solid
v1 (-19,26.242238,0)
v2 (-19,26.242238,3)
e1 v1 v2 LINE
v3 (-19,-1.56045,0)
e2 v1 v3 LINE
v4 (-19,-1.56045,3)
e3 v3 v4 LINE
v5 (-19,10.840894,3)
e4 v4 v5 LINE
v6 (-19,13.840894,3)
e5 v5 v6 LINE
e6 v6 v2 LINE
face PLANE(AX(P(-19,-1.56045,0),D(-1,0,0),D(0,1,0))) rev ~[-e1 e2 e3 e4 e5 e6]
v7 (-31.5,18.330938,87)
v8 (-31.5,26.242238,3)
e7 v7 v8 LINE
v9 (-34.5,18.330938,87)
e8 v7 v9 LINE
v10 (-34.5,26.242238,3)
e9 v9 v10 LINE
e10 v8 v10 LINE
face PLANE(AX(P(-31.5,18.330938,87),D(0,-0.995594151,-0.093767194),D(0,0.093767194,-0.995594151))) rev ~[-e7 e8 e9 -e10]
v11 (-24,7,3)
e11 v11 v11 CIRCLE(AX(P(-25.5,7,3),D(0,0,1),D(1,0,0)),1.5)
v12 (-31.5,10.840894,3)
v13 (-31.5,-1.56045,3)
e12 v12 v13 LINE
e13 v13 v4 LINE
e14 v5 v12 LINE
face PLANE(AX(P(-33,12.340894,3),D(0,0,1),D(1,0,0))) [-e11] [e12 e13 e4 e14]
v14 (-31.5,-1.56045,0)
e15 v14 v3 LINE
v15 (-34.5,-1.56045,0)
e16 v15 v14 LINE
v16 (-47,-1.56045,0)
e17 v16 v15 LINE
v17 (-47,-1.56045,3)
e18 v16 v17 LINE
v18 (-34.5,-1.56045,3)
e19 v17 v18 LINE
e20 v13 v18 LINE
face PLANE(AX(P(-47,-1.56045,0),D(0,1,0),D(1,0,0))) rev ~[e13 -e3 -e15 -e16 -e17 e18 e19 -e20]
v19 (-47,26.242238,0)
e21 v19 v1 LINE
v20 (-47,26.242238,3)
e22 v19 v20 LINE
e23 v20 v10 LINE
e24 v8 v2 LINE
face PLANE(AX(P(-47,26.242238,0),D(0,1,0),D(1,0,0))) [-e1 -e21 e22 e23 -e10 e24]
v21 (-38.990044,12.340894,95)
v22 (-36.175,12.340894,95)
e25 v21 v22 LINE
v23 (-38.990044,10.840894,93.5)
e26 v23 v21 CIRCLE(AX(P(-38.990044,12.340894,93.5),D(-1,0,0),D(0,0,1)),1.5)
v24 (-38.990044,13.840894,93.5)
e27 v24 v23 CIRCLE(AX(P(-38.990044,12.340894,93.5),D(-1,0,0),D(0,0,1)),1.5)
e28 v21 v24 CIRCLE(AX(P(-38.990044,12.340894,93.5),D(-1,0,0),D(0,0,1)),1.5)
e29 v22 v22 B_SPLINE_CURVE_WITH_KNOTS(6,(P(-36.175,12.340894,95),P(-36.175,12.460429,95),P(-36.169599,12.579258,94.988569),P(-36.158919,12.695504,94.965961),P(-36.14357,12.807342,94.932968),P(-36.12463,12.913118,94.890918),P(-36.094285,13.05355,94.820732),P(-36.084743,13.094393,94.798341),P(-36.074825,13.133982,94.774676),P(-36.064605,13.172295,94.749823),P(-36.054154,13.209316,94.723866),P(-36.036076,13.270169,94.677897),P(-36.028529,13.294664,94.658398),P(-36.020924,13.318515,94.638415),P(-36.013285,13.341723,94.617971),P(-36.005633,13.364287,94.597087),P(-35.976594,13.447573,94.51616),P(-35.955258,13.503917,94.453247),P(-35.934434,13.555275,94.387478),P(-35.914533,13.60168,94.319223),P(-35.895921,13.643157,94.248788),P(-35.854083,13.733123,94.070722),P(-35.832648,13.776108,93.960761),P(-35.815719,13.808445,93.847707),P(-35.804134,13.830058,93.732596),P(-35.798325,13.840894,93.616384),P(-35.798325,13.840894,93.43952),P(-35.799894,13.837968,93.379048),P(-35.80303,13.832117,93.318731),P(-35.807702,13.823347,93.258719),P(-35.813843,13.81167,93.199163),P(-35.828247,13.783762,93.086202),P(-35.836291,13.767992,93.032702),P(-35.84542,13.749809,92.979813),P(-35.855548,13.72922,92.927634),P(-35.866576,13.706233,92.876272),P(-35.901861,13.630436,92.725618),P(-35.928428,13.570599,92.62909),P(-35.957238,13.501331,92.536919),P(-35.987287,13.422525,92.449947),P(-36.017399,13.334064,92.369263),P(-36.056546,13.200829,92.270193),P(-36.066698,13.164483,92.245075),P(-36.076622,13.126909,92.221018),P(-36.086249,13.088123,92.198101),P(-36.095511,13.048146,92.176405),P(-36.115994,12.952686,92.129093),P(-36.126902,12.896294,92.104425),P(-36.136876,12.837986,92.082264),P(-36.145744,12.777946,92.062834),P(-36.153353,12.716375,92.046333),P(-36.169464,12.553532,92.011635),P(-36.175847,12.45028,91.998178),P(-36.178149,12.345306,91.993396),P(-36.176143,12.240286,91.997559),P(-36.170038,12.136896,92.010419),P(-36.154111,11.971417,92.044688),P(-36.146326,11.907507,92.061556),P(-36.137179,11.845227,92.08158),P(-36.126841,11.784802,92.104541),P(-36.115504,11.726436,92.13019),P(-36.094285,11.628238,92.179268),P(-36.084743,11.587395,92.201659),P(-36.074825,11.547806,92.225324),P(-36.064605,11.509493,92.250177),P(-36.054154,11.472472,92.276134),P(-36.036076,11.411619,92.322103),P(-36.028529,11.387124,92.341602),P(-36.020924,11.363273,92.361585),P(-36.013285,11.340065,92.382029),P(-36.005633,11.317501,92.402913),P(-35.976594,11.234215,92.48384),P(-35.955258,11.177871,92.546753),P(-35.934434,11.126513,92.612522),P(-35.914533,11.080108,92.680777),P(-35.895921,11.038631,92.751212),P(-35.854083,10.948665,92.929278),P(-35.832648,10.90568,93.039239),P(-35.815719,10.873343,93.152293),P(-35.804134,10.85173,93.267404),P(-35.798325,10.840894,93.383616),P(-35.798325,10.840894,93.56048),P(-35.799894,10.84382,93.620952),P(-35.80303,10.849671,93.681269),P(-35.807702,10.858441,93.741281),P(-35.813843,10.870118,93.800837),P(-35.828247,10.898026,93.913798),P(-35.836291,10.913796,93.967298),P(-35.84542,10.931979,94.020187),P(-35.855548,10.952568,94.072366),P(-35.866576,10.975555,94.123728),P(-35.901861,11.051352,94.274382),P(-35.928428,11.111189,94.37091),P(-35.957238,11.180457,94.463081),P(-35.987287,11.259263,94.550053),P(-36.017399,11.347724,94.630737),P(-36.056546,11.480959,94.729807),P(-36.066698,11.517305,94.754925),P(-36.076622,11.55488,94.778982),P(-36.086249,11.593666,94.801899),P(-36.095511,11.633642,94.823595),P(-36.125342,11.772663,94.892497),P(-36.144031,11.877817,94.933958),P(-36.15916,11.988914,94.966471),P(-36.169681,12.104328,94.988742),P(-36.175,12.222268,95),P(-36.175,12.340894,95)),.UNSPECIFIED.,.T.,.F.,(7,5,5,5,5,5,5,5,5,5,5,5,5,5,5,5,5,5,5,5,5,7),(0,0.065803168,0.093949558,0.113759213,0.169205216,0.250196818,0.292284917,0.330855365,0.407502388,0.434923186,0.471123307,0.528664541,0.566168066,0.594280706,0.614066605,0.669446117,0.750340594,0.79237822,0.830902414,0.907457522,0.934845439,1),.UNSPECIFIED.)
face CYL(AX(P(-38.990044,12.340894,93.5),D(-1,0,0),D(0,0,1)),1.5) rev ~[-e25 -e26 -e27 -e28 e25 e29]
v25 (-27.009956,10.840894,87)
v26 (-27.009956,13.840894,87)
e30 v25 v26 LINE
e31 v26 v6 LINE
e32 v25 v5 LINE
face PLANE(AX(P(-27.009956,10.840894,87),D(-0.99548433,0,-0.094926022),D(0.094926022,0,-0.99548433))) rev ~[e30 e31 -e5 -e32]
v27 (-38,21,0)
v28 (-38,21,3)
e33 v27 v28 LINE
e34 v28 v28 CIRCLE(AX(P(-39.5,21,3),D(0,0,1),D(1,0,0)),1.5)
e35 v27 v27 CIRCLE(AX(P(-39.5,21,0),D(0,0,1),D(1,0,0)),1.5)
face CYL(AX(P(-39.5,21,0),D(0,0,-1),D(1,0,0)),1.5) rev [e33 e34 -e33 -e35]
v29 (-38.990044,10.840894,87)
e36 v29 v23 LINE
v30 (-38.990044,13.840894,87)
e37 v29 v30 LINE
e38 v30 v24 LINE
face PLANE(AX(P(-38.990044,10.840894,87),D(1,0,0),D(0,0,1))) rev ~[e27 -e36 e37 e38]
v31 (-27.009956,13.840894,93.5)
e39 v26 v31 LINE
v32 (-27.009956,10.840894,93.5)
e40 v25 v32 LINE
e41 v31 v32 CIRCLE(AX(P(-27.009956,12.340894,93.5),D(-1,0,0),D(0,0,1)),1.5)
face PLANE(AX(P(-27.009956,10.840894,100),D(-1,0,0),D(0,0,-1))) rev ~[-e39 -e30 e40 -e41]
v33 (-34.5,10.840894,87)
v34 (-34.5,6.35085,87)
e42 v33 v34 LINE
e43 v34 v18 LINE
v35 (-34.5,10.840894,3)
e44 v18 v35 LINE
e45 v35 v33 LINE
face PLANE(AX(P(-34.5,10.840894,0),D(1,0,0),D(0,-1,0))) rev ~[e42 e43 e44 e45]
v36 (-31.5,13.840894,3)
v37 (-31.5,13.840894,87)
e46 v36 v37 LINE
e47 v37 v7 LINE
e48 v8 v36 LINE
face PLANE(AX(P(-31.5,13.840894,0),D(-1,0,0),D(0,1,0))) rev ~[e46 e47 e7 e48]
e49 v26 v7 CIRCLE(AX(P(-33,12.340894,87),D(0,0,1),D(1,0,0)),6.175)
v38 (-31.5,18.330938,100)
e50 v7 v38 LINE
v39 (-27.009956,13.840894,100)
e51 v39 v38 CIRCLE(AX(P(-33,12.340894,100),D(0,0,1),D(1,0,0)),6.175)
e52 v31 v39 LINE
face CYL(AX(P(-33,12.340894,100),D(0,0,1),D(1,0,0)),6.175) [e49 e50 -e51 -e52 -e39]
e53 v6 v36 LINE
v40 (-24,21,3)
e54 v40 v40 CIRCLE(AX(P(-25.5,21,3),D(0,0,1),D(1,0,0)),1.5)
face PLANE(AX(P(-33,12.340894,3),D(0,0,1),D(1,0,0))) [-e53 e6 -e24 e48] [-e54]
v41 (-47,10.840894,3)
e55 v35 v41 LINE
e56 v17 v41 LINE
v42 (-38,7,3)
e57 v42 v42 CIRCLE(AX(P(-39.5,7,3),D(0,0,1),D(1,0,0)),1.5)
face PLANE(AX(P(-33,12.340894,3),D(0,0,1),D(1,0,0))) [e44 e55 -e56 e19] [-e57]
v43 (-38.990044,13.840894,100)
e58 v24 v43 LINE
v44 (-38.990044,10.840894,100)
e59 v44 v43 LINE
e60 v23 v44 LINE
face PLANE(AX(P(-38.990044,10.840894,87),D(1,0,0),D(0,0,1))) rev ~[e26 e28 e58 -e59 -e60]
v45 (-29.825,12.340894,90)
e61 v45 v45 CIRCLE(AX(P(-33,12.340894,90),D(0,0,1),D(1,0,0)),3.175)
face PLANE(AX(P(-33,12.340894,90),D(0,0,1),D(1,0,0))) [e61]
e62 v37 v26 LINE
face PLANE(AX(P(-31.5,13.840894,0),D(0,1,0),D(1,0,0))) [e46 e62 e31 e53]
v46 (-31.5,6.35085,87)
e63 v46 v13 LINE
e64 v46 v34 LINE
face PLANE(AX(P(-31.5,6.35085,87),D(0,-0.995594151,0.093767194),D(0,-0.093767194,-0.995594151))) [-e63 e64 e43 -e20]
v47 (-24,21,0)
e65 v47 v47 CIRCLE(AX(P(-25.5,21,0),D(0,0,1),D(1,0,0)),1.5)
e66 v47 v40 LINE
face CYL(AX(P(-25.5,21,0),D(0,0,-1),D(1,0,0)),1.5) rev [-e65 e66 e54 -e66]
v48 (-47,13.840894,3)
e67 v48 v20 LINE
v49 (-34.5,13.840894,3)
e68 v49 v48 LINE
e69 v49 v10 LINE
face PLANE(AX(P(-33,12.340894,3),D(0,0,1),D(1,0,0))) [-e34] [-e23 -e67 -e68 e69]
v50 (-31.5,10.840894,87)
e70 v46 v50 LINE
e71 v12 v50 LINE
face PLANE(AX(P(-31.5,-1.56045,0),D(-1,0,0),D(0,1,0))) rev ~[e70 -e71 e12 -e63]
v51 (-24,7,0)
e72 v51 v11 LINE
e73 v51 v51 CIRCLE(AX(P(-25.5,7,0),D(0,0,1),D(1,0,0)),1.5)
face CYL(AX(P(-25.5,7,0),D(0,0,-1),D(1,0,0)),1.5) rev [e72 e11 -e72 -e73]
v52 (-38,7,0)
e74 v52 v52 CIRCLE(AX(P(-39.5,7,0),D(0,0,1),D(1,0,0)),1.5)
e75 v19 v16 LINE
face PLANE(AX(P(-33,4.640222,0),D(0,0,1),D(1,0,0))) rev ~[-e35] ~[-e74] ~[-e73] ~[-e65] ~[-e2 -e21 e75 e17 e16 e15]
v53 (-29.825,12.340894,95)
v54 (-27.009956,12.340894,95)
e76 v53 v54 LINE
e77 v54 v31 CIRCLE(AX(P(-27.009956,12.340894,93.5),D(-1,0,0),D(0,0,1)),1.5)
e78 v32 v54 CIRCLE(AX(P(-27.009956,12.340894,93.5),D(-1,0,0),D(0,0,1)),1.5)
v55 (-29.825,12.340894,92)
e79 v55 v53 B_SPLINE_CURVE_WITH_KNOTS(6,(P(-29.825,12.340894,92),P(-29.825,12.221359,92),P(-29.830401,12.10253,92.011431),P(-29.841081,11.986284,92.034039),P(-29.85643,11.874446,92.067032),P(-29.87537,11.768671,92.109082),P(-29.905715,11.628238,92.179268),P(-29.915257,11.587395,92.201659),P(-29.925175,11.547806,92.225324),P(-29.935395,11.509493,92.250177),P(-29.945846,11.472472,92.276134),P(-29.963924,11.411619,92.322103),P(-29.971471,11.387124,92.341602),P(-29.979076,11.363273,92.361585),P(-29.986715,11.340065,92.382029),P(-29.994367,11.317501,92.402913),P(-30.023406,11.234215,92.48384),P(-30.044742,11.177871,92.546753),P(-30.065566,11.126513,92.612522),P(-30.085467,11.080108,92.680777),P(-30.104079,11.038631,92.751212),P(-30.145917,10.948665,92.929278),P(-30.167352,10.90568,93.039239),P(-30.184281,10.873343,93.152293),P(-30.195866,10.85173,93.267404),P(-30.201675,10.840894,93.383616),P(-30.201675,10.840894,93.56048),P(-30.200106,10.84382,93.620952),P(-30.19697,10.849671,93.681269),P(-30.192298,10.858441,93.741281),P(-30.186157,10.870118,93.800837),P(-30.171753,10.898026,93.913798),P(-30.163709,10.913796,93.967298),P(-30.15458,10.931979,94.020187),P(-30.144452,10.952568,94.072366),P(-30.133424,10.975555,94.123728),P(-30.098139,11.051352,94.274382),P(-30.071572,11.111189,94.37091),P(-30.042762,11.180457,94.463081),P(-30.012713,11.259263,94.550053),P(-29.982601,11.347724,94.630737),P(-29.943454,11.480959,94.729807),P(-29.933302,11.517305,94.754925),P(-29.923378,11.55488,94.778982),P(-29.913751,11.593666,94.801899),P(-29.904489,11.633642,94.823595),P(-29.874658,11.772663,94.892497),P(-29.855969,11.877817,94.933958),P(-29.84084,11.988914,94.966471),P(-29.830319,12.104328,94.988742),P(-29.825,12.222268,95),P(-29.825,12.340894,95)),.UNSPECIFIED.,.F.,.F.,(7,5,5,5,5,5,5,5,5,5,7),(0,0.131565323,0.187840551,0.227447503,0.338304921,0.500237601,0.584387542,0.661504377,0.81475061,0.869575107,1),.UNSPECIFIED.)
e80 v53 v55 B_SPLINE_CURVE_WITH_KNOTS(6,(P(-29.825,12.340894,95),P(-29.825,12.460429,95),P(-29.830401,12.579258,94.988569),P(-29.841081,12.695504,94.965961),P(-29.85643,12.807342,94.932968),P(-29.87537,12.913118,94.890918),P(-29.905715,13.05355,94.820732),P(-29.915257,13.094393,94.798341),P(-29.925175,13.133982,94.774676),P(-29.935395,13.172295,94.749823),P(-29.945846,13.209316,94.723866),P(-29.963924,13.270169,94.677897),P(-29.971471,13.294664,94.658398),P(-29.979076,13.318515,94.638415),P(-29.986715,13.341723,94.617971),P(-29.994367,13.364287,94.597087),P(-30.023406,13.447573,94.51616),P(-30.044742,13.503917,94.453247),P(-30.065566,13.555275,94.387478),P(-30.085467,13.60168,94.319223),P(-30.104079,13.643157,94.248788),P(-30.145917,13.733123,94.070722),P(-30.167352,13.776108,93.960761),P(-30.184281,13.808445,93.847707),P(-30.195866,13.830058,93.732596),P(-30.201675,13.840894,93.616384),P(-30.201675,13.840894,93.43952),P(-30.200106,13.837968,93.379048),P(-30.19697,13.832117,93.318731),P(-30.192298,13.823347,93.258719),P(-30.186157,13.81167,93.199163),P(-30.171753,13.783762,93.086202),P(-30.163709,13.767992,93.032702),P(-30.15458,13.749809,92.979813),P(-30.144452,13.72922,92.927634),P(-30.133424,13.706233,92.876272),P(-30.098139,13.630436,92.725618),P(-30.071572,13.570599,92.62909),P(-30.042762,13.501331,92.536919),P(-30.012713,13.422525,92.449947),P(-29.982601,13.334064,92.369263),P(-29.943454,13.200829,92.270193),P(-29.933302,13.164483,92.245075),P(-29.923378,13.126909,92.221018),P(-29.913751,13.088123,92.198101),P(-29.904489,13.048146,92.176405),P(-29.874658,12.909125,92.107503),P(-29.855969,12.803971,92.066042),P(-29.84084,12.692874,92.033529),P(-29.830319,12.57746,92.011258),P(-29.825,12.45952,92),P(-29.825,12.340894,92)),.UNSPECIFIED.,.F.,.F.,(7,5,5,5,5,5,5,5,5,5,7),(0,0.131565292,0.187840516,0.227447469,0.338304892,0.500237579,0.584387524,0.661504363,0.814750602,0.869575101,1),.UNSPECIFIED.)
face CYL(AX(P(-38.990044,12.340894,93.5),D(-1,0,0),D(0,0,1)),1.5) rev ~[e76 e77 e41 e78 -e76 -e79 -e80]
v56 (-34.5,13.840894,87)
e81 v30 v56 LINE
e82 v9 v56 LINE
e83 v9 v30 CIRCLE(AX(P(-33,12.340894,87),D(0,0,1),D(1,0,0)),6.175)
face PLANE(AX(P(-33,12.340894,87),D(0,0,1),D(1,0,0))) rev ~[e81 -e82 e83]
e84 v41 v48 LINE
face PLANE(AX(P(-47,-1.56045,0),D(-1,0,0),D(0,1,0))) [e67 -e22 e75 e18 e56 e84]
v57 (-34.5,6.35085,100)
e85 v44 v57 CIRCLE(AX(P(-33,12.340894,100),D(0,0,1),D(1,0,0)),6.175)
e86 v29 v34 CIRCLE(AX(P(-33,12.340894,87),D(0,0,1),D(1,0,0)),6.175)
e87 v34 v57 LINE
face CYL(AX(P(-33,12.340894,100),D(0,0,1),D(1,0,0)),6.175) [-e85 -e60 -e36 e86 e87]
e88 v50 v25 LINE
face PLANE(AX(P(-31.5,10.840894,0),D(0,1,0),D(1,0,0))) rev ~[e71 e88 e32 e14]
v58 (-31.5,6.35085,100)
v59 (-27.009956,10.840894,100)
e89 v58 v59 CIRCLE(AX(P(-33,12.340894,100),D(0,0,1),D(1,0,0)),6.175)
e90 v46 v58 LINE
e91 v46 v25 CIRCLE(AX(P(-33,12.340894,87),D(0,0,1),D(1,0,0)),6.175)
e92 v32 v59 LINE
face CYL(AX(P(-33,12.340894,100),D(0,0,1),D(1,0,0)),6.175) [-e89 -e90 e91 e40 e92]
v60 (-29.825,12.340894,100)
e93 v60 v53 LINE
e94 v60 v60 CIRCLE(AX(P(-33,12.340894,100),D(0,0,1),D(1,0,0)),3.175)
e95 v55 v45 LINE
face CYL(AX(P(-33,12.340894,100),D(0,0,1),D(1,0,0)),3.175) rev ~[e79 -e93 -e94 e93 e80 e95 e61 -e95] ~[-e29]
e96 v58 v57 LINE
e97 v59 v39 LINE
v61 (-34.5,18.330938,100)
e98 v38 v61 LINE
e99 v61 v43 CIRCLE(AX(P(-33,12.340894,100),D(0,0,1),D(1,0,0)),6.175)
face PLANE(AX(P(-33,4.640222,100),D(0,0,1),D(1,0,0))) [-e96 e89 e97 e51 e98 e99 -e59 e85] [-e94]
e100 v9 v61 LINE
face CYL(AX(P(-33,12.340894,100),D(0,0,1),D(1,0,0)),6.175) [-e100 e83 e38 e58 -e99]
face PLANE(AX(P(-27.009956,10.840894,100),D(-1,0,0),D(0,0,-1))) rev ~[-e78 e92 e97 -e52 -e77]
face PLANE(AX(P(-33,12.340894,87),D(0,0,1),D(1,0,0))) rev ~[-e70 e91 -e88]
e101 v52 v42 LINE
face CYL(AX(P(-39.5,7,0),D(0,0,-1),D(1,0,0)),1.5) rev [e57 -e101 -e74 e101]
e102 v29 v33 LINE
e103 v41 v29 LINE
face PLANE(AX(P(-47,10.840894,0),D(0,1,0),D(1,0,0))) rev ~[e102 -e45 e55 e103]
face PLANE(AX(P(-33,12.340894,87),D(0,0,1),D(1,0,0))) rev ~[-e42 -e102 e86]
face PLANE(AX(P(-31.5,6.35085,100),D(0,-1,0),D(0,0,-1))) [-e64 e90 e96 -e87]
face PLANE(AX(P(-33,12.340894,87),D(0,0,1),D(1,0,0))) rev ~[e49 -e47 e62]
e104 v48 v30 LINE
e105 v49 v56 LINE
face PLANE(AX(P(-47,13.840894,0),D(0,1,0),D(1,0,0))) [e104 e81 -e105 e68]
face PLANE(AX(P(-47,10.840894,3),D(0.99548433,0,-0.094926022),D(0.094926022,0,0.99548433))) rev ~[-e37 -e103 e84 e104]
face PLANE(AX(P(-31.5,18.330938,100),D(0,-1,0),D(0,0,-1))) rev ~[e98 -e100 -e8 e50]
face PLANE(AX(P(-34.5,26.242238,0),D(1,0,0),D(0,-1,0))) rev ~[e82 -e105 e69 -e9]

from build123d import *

# Parameters (mm, degrees)
CROQUIS1_W              = 28
CROQUIS1_H              = 27.802688173
CROQUIS1_R              = 1.5
SALIENTE_EXTRUIR1_DEPTH = 3
CROQUIS2_W              = 3
CROQUIS2_H              = 12.401344086
CROQUIS2_H_2            = 3
CROQUIS2_H_3            = 12.401344087
CROQUIS2_W_2            = 12.5
SALIENTE_EXTRUIR2_DEPTH = 100
CROQUIS3_R              = 6.175
SALIENTE_EXTRUIR3_DEPTH = 13
CORTAR_EXTRUIR6_START   = 100
CROQUIS4_R              = 3.175
CORTAR_EXTRUIR6_DEPTH   = 10
CORTAR_EXTRUIR7_START   = 10.840894
CORTAR_EXTRUIR7_DEPTH   = 3
CORTAR_EXTRUIR8_START   = -31.5
CORTAR_EXTRUIR8_DEPTH   = 3
CROQUIS14_R             = 1.5
CORTAR_EXTRUIR9_DEPTH   = 12


with BuildPart() as part:
    # Croquis1 → Saliente-Extruir1 (new body)
    with BuildSketch(Plane.XY):
        with Locations((-33, 12.340894038)):
            Rectangle(CROQUIS1_W, CROQUIS1_H)
        with Locations((-39.5, 7)):
            Circle(CROQUIS1_R, mode=Mode.SUBTRACT)
        with Locations((-39.5, 21)):
            Circle(CROQUIS1_R, mode=Mode.SUBTRACT)
        with Locations((-25.5, 21)):
            Circle(CROQUIS1_R, mode=Mode.SUBTRACT)
        with Locations((-25.5, 7)):
            Circle(CROQUIS1_R, mode=Mode.SUBTRACT)
    extrude(amount=SALIENTE_EXTRUIR1_DEPTH)

    # Croquis2 → Saliente-Extruir2 (add)
    with BuildSketch(Plane.XY):
        with Locations((-33, 4.640221994)):
            Rectangle(CROQUIS2_W, CROQUIS2_H)
        with Locations((-33, 12.340894037)):
            Rectangle(CROQUIS2_W, CROQUIS2_H_2)
        with Locations((-33, 20.041566081)):
            Rectangle(CROQUIS2_W, CROQUIS2_H_3)
        with Locations((-25.25, 12.340894037)):
            Rectangle(CROQUIS2_W_2, CROQUIS2_H_2)
        with Locations((-40.75, 12.340894037)):
            Rectangle(CROQUIS2_W_2, CROQUIS2_H_2)
    extrude(amount=SALIENTE_EXTRUIR2_DEPTH)

    # Croquis3 → Saliente-Extruir3 (add)
    with BuildSketch(Plane.XY.offset(100)):
        with Locations((-33, 12.340894037)):
            Circle(CROQUIS3_R)
    extrude(amount=-SALIENTE_EXTRUIR3_DEPTH)

    # Croquis4 → Cortar-Extruir6 (cut)
    with BuildSketch(Plane.XY.offset(CORTAR_EXTRUIR6_START)):
        with Locations((-33, 12.340894037)):
            Circle(CROQUIS4_R)
    extrude(amount=-CORTAR_EXTRUIR6_DEPTH, mode=Mode.SUBTRACT)

    # Croquis12 → Cortar-Extruir7 (cut)
    with BuildSketch(Plane(origin=(0, 0, 0), x_dir=(1, 0, 0), z_dir=(0, 1, 0)).offset(CORTAR_EXTRUIR7_START)):
        Polygon((-47, -3), (-38.990043823, -87), (-38.990043823, -100), (-47, -100), align=None)
        Polygon((-19, -3), (-19, -100), (-27.009956177, -100), (-27.009956177, -87), align=None)
    extrude(amount=CORTAR_EXTRUIR7_DEPTH, mode=Mode.SUBTRACT)

    # Croquis13 → Cortar-Extruir8 (cut)
    with BuildSketch(Plane(origin=(0, 0, 0), x_dir=(0, 0, -1), z_dir=(1, 0, 0)).offset(CORTAR_EXTRUIR8_START)):
        Polygon((-100, 18.33093786), (-87, 18.33093786), (-3, 26.242238124), (-100, 26.242238124), align=None)
        Polygon((-100, -1.560450049), (-100, 6.350850214), (-87, 6.350850214), (-3, -1.560450049), align=None)
    extrude(amount=-CORTAR_EXTRUIR8_DEPTH, mode=Mode.SUBTRACT)

    # Croquis14 → Cortar-Extruir9 (cut)
    with BuildSketch(Plane.ZY.offset(38.990043823)):
        with Locations((93.5, 12.340894037)):
            Circle(CROQUIS14_R)
    extrude(amount=-CORTAR_EXTRUIR9_DEPTH, mode=Mode.SUBTRACT)


solid = part.part
